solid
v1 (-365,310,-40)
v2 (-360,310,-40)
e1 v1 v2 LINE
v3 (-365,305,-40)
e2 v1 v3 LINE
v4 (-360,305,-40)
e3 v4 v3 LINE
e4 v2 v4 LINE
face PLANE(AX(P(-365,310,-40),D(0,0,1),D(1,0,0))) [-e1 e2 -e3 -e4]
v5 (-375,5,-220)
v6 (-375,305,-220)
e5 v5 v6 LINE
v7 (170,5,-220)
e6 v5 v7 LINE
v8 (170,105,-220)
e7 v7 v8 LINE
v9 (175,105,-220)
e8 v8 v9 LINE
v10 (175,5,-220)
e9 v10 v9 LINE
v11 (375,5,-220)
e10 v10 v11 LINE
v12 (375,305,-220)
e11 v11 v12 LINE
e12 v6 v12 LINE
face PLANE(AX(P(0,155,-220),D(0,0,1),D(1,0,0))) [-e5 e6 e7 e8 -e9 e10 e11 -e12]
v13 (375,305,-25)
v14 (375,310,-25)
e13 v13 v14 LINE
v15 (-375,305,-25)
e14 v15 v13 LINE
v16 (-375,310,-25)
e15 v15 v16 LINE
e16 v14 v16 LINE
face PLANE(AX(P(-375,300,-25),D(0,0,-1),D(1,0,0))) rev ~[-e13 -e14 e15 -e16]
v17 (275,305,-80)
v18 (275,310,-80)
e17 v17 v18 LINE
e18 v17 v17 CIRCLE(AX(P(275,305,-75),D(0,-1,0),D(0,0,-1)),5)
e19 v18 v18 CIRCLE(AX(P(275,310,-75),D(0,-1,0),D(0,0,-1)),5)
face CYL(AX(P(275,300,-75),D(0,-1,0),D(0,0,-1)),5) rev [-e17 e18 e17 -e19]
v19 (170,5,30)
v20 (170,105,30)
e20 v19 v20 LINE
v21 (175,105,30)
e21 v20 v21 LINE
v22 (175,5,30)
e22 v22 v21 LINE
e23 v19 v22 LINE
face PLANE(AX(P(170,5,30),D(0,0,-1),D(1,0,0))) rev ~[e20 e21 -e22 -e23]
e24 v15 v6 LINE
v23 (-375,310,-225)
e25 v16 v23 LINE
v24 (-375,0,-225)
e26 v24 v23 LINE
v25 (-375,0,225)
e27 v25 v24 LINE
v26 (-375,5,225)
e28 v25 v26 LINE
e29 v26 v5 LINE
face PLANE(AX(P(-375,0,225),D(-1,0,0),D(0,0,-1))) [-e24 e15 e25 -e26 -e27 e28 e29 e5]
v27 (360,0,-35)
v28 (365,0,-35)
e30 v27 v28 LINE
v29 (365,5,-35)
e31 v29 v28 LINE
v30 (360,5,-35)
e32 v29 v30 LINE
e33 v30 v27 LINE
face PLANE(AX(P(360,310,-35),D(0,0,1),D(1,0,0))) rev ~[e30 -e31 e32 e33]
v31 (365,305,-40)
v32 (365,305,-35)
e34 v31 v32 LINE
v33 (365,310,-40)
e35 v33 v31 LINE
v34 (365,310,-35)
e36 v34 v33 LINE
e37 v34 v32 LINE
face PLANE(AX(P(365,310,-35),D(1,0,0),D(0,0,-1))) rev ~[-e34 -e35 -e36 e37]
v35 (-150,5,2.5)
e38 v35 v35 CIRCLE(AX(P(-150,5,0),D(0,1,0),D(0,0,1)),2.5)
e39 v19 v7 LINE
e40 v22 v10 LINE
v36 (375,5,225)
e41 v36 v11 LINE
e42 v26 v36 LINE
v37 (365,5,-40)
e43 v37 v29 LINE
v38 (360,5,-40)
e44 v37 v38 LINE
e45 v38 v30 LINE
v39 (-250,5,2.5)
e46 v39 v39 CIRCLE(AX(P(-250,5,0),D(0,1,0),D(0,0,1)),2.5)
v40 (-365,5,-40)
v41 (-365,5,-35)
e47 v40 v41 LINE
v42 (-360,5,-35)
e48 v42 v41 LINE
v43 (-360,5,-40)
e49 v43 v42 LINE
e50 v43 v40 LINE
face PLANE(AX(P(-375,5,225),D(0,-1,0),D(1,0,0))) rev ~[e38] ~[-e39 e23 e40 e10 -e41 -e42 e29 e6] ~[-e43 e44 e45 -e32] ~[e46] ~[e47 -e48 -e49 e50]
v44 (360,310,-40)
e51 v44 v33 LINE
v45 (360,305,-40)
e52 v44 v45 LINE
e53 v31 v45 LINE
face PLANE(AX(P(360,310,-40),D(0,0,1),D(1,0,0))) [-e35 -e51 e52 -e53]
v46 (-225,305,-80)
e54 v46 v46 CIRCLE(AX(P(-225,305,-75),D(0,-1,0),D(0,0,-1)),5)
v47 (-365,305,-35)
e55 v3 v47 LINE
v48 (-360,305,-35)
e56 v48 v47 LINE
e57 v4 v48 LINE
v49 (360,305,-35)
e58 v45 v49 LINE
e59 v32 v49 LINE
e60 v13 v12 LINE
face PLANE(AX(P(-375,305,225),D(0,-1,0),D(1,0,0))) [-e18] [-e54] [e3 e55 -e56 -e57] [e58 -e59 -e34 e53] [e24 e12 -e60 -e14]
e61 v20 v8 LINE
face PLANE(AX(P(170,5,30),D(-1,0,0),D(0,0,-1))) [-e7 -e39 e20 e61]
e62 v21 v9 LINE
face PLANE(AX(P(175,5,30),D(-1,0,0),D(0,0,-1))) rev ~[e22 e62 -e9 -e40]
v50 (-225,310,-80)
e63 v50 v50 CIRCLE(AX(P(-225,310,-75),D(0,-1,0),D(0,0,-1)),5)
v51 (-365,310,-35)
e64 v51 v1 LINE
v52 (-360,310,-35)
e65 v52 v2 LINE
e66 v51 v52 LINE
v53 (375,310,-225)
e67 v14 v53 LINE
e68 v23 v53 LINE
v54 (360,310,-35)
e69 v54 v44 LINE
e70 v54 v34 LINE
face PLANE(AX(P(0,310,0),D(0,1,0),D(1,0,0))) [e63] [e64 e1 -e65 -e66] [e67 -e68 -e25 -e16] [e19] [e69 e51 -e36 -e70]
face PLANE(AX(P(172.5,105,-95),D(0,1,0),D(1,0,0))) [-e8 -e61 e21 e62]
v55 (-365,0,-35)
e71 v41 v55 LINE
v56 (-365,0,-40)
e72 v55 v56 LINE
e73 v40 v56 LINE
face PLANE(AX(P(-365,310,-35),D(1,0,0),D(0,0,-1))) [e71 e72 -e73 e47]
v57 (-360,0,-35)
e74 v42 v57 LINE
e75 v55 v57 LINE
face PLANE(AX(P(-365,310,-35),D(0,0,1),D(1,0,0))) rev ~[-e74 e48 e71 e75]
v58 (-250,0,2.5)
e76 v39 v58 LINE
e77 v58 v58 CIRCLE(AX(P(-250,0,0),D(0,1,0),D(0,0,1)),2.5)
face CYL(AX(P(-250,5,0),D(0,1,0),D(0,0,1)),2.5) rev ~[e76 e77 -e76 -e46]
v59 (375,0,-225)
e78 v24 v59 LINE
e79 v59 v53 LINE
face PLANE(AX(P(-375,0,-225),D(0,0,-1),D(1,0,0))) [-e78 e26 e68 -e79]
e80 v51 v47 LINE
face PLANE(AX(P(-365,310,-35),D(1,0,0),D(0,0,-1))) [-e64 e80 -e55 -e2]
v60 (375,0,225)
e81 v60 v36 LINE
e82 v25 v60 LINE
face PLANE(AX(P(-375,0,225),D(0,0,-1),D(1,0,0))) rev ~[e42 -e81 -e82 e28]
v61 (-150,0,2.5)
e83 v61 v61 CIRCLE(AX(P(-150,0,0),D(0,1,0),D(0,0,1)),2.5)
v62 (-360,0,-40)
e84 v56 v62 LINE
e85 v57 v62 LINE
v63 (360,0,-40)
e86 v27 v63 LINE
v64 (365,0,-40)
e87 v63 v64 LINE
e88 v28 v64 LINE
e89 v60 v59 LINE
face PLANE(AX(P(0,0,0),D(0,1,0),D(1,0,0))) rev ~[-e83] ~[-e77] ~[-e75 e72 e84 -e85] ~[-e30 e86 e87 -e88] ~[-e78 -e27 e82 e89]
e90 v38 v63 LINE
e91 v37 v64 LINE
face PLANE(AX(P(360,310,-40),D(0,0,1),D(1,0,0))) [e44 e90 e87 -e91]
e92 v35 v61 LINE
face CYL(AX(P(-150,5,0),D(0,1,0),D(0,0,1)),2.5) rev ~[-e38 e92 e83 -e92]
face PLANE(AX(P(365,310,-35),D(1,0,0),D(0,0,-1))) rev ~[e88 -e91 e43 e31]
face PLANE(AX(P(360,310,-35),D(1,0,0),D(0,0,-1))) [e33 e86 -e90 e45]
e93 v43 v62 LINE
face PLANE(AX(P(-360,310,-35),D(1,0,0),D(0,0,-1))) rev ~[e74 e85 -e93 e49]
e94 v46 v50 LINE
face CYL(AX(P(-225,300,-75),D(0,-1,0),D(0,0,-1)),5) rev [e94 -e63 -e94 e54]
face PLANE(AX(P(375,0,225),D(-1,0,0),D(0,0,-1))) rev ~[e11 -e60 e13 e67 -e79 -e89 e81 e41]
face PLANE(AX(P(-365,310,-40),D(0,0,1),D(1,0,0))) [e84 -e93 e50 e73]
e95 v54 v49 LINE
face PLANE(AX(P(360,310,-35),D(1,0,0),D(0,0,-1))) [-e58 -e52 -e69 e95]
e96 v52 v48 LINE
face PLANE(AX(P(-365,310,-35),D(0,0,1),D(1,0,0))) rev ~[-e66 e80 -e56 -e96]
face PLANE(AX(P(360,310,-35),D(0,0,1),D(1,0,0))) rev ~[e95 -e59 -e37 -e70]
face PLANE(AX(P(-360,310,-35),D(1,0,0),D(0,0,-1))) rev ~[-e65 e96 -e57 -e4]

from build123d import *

# Parameters (mm, degrees)
SKETCH1_W               = 750
SKETCH1_H               = 450
BOSS_EXTRUDE1_DEPTH     = 310
SKETCH8_W               = 750
SKETCH8_H               = 300
CUT_EXTRUDE1_DEPTH      = 445
SKETCH15_W              = 5
SKETCH15_H              = 250
BOSS_EXTRUDE8_DEPTH     = 100
CUT_EXTRUDE2_DEPTH      = 537.050370768
CUT_EXTRUDE2_DEPTH_BACK = 10
SKETCH16_R              = 5
SKETCH16_W              = 750
SKETCH16_H              = 250
SKETCH18_W              = 5
SKETCH18_H              = 5
CUT_EXTRUDE3_DEPTH      = 537.050370768
SKETCH10_R              = 2.5
CUT_EXTRUDE4_DEPTH      = 534.174455502


with BuildPart() as part:
    # Sketch1 → Boss-Extrude1 (new body)
    with BuildSketch(Plane(origin=(0, 0, 0), x_dir=(1, 0, 0), z_dir=(0, 1, 0))):
        Rectangle(SKETCH1_W, SKETCH1_H)
    extrude(amount=BOSS_EXTRUDE1_DEPTH)

    # Sketch8 → Cut-Extrude1 (cut)
    with BuildSketch(Plane.XY.offset(225)):
        with Locations((0, 155)):
            Rectangle(SKETCH8_W, SKETCH8_H)
    extrude(amount=-CUT_EXTRUDE1_DEPTH, mode=Mode.SUBTRACT)

    # Sketch15 → Boss-Extrude8 (add)
    with BuildSketch(Plane(origin=(0, 5, 0), x_dir=(1, 0, 0), z_dir=(0, 1, 0))):
        with Locations((172.5, 95)):
            Rectangle(SKETCH15_W, SKETCH15_H)
    extrude(amount=BOSS_EXTRUDE8_DEPTH)

    # Sketch16 → Cut-Extrude2 (cut, two sides: drawn at the far end of the back side and taken through both)
    with BuildSketch(Plane(origin=(0, 310, 0), x_dir=(1, 0, 0), z_dir=(0, 1, 0)).offset(-CUT_EXTRUDE2_DEPTH_BACK)):
        with Locations(Location((275, 75, 0), (0, 0, 90))):
            Circle(SKETCH16_R)
        with Locations(Location((-225, 75, 0), (0, 0, 90))):
            Circle(SKETCH16_R)
        with Locations((0, -100)):
            Rectangle(SKETCH16_W, SKETCH16_H)
    extrude(amount=CUT_EXTRUDE2_DEPTH + CUT_EXTRUDE2_DEPTH_BACK, mode=Mode.SUBTRACT)

    # Sketch18 → Cut-Extrude3 (cut, through all)
    with BuildSketch(Plane(origin=(0, 310, 0), x_dir=(1, 0, 0), z_dir=(0, 1, 0))):
        with Locations((-362.5, 37.5)):
            Rectangle(SKETCH18_W, SKETCH18_H)
        with Locations((362.5, 37.5)):
            Rectangle(SKETCH18_W, SKETCH18_H)
    extrude(amount=-CUT_EXTRUDE3_DEPTH, mode=Mode.SUBTRACT)

    # Sketch10 → Cut-Extrude4 (cut, through all)
    with BuildSketch(Plane(origin=(0, 5, 0), x_dir=(1, 0, 0), z_dir=(0, 1, 0))):
        with Locations(Location((-250, 0, 0), (0, 0, 270))):
            Circle(SKETCH10_R)
        with Locations(Location((-150, 0, 0), (0, 0, 270))):
            Circle(SKETCH10_R)
    extrude(amount=-CUT_EXTRUDE4_DEPTH, mode=Mode.SUBTRACT)


solid = part.part
